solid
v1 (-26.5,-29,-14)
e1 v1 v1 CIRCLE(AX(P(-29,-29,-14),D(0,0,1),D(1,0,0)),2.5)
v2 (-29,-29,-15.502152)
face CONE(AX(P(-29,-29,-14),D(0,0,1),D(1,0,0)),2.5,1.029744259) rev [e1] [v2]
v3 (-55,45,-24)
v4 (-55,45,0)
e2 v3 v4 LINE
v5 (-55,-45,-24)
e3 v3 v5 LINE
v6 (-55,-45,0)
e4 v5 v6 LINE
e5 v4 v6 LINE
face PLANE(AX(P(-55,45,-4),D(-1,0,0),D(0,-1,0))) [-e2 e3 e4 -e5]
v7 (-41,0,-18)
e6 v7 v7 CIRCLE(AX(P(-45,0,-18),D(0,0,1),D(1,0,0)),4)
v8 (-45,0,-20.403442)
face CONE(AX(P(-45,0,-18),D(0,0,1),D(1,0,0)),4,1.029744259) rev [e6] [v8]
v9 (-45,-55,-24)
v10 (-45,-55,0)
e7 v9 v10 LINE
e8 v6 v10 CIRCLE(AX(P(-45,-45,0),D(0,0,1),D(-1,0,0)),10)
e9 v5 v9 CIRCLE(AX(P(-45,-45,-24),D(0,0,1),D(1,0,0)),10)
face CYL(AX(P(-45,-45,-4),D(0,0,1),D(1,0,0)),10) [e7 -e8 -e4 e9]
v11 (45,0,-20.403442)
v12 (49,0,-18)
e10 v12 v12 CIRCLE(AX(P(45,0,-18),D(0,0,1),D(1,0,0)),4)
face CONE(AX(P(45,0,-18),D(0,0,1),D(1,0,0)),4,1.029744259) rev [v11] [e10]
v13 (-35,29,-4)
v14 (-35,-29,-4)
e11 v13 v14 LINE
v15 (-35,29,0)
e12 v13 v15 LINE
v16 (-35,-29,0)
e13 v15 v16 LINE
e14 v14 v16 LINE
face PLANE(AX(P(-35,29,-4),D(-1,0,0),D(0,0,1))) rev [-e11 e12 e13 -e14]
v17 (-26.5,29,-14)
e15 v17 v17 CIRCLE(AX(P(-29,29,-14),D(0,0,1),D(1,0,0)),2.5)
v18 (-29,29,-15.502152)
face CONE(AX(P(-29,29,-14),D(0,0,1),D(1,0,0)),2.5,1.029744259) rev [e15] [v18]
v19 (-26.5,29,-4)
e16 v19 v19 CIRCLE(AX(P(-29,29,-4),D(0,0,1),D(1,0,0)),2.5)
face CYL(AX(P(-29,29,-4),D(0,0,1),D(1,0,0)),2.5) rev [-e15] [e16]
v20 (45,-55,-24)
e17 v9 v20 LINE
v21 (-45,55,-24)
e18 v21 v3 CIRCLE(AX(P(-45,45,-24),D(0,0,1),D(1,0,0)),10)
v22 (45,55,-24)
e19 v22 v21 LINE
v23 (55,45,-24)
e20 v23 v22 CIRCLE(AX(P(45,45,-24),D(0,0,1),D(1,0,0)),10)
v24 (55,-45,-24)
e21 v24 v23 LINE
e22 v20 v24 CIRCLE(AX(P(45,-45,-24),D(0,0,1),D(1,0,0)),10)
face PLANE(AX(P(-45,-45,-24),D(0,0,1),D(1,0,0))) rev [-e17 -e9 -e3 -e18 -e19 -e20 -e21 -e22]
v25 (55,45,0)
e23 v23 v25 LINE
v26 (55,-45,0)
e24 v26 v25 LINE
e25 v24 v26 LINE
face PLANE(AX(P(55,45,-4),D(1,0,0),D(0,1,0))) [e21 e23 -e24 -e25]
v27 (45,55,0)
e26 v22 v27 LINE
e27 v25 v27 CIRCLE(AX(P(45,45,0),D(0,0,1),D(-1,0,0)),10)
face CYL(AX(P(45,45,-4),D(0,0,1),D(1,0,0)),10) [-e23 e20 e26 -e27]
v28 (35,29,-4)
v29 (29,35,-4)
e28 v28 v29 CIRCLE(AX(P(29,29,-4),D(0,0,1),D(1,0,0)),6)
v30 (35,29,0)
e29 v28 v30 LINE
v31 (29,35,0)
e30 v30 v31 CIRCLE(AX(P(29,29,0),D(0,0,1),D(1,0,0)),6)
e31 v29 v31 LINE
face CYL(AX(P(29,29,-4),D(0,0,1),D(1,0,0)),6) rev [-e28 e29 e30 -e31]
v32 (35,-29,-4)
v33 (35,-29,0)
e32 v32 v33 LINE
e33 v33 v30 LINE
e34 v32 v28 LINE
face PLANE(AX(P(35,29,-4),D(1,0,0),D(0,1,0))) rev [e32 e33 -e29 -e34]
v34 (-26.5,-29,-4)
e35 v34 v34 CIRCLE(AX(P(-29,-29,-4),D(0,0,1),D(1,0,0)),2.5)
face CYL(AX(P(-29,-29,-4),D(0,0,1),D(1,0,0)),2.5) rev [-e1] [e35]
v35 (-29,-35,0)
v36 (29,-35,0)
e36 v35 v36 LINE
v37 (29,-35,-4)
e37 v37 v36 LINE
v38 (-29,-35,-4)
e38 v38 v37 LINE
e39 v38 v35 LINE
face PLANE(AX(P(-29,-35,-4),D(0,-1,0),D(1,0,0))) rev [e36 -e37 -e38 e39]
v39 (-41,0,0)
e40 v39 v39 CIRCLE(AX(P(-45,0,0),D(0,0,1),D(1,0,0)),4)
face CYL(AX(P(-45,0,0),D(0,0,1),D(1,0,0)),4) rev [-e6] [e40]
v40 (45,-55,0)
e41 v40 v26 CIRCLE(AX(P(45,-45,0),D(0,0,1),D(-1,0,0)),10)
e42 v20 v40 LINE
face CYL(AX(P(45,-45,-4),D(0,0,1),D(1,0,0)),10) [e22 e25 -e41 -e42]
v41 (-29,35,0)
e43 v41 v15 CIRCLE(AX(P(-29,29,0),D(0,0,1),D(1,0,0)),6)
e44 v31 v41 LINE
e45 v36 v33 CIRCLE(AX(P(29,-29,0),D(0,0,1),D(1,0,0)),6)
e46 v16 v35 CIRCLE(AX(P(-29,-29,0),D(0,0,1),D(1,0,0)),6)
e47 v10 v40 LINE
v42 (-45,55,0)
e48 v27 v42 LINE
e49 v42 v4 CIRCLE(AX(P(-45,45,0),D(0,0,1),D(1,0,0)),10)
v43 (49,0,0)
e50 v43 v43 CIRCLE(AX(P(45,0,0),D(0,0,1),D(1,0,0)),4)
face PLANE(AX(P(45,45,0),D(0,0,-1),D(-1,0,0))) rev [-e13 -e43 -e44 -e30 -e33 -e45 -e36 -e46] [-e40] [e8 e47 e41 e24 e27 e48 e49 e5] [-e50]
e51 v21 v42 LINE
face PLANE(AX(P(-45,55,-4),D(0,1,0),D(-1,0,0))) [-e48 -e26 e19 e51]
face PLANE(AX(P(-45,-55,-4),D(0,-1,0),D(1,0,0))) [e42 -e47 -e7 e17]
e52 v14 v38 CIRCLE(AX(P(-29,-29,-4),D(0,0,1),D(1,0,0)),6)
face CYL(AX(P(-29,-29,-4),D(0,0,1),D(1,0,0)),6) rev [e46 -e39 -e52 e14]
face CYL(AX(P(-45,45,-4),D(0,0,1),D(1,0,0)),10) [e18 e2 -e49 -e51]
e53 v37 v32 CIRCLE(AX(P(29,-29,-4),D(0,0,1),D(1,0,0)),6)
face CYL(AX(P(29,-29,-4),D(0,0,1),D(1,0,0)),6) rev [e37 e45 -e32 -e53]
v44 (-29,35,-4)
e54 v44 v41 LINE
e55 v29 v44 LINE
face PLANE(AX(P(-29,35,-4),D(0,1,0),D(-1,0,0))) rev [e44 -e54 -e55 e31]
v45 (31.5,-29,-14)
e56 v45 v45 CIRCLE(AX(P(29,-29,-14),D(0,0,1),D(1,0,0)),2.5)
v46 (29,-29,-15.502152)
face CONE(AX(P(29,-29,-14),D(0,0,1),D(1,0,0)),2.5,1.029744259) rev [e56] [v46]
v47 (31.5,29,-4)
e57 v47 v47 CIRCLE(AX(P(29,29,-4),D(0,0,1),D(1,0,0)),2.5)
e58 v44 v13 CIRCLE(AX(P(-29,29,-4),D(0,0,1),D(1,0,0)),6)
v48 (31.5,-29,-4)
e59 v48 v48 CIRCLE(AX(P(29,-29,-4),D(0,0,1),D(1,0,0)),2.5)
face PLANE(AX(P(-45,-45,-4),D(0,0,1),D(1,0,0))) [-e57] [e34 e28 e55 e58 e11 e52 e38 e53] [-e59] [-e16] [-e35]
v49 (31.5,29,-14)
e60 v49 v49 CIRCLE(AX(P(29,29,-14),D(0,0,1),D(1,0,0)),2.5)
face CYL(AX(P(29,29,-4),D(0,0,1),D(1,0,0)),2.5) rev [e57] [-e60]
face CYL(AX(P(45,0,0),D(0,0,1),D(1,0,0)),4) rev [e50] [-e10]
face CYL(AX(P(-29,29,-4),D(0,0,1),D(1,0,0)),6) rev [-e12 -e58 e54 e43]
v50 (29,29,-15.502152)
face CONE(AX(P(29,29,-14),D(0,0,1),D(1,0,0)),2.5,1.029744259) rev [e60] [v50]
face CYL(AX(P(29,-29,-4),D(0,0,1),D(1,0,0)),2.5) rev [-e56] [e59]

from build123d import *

# Parameters (mm, degrees)
BOSS_EXTRUDE1_DEPTH             = 4
BOSS_EXTRUDE2_DEPTH             = 20
F_8_0MM_DOWEL_HOLE1_D           = 8
F_8_0MM_DOWEL_HOLE1_DEPTH       = 18
F_8_0MM_DOWEL_HOLE1_TIP         = 2.403442476
TAP_DRILL_FOR_M6X1_0_TAP1_D     = 5
TAP_DRILL_FOR_M6X1_0_TAP1_DEPTH = 10
TAP_DRILL_FOR_M6X1_0_TAP1_TIP   = 1.502151548


with BuildPart() as part:
    # Sketch1 → Boss-Extrude1 (new body)
    with BuildSketch(Plane.XY):
        with BuildLine():
            Line((-45, 55), (45, 55))
            ThreePointArc((45, 55), (52.071067812, 52.071067812), (55, 45))
            Line((55, 45), (55, -45))
            ThreePointArc((55, -45), (52.071067812, -52.071067812), (45, -55))
            Line((45, -55), (-45, -55))
            ThreePointArc((-45, -55), (-52.071067812, -52.071067812), (-55, -45))
            Line((-55, -45), (-55, 45))
            ThreePointArc((-55, 45), (-52.071067812, 52.071067812), (-45, 55))
        make_face()
        with BuildLine():
            Line((-29, 35), (29, 35))
            ThreePointArc((29, 35), (33.242640687, 33.242640687), (35, 29))
            Line((35, 29), (35, -29))
            ThreePointArc((35, -29), (33.242640687, -33.242640687), (29, -35))
            Line((29, -35), (-29, -35))
            ThreePointArc((-29, -35), (-33.242640687, -33.242640687), (-35, -29))
            Line((-35, -29), (-35, 29))
            ThreePointArc((-35, 29), (-33.242640687, 33.242640687), (-29, 35))
        make_face(mode=Mode.SUBTRACT)
    extrude(amount=-BOSS_EXTRUDE1_DEPTH)

    # Sketch2 → Boss-Extrude2 (add)
    with BuildSketch(Plane.XY.offset(-4)):
        with BuildLine():
            Line((-45, -55), (45, -55))
            ThreePointArc((45, -55), (52.071067812, -52.071067812), (55, -45))
            Line((55, -45), (55, 45))
            ThreePointArc((55, 45), (52.071067812, 52.071067812), (45, 55))
            Line((45, 55), (-45, 55))
            ThreePointArc((-45, 55), (-52.071067812, 52.071067812), (-55, 45))
            Line((-55, 45), (-55, -45))
            ThreePointArc((-55, -45), (-52.071067812, -52.071067812), (-45, -55))
        make_face()
    extrude(amount=-BOSS_EXTRUDE2_DEPTH)

    # Ø8.0mm Dowel Hole1
    with Locations(Plane.XY):
        with Locations((-45, 0), (45, 0)):
            Hole(F_8_0MM_DOWEL_HOLE1_D / 2, depth=F_8_0MM_DOWEL_HOLE1_DEPTH)
            with Locations((0, 0, -(F_8_0MM_DOWEL_HOLE1_DEPTH + F_8_0MM_DOWEL_HOLE1_TIP / 2))):  # 118° drill point
                Cone(0, F_8_0MM_DOWEL_HOLE1_D / 2, F_8_0MM_DOWEL_HOLE1_TIP, mode=Mode.SUBTRACT)

    # Tap Drill for M6x1.0 Tap1
    with Locations(Plane.XY.offset(-4)):
        with Locations((-29, 29), (29, 29), (29, -29), (-29, -29)):
            Hole(TAP_DRILL_FOR_M6X1_0_TAP1_D / 2, depth=TAP_DRILL_FOR_M6X1_0_TAP1_DEPTH)
            with Locations((0, 0, -(TAP_DRILL_FOR_M6X1_0_TAP1_DEPTH + TAP_DRILL_FOR_M6X1_0_TAP1_TIP / 2))):  # 118° drill point
                Cone(0, TAP_DRILL_FOR_M6X1_0_TAP1_D / 2, TAP_DRILL_FOR_M6X1_0_TAP1_TIP, mode=Mode.SUBTRACT)


solid = part.part
